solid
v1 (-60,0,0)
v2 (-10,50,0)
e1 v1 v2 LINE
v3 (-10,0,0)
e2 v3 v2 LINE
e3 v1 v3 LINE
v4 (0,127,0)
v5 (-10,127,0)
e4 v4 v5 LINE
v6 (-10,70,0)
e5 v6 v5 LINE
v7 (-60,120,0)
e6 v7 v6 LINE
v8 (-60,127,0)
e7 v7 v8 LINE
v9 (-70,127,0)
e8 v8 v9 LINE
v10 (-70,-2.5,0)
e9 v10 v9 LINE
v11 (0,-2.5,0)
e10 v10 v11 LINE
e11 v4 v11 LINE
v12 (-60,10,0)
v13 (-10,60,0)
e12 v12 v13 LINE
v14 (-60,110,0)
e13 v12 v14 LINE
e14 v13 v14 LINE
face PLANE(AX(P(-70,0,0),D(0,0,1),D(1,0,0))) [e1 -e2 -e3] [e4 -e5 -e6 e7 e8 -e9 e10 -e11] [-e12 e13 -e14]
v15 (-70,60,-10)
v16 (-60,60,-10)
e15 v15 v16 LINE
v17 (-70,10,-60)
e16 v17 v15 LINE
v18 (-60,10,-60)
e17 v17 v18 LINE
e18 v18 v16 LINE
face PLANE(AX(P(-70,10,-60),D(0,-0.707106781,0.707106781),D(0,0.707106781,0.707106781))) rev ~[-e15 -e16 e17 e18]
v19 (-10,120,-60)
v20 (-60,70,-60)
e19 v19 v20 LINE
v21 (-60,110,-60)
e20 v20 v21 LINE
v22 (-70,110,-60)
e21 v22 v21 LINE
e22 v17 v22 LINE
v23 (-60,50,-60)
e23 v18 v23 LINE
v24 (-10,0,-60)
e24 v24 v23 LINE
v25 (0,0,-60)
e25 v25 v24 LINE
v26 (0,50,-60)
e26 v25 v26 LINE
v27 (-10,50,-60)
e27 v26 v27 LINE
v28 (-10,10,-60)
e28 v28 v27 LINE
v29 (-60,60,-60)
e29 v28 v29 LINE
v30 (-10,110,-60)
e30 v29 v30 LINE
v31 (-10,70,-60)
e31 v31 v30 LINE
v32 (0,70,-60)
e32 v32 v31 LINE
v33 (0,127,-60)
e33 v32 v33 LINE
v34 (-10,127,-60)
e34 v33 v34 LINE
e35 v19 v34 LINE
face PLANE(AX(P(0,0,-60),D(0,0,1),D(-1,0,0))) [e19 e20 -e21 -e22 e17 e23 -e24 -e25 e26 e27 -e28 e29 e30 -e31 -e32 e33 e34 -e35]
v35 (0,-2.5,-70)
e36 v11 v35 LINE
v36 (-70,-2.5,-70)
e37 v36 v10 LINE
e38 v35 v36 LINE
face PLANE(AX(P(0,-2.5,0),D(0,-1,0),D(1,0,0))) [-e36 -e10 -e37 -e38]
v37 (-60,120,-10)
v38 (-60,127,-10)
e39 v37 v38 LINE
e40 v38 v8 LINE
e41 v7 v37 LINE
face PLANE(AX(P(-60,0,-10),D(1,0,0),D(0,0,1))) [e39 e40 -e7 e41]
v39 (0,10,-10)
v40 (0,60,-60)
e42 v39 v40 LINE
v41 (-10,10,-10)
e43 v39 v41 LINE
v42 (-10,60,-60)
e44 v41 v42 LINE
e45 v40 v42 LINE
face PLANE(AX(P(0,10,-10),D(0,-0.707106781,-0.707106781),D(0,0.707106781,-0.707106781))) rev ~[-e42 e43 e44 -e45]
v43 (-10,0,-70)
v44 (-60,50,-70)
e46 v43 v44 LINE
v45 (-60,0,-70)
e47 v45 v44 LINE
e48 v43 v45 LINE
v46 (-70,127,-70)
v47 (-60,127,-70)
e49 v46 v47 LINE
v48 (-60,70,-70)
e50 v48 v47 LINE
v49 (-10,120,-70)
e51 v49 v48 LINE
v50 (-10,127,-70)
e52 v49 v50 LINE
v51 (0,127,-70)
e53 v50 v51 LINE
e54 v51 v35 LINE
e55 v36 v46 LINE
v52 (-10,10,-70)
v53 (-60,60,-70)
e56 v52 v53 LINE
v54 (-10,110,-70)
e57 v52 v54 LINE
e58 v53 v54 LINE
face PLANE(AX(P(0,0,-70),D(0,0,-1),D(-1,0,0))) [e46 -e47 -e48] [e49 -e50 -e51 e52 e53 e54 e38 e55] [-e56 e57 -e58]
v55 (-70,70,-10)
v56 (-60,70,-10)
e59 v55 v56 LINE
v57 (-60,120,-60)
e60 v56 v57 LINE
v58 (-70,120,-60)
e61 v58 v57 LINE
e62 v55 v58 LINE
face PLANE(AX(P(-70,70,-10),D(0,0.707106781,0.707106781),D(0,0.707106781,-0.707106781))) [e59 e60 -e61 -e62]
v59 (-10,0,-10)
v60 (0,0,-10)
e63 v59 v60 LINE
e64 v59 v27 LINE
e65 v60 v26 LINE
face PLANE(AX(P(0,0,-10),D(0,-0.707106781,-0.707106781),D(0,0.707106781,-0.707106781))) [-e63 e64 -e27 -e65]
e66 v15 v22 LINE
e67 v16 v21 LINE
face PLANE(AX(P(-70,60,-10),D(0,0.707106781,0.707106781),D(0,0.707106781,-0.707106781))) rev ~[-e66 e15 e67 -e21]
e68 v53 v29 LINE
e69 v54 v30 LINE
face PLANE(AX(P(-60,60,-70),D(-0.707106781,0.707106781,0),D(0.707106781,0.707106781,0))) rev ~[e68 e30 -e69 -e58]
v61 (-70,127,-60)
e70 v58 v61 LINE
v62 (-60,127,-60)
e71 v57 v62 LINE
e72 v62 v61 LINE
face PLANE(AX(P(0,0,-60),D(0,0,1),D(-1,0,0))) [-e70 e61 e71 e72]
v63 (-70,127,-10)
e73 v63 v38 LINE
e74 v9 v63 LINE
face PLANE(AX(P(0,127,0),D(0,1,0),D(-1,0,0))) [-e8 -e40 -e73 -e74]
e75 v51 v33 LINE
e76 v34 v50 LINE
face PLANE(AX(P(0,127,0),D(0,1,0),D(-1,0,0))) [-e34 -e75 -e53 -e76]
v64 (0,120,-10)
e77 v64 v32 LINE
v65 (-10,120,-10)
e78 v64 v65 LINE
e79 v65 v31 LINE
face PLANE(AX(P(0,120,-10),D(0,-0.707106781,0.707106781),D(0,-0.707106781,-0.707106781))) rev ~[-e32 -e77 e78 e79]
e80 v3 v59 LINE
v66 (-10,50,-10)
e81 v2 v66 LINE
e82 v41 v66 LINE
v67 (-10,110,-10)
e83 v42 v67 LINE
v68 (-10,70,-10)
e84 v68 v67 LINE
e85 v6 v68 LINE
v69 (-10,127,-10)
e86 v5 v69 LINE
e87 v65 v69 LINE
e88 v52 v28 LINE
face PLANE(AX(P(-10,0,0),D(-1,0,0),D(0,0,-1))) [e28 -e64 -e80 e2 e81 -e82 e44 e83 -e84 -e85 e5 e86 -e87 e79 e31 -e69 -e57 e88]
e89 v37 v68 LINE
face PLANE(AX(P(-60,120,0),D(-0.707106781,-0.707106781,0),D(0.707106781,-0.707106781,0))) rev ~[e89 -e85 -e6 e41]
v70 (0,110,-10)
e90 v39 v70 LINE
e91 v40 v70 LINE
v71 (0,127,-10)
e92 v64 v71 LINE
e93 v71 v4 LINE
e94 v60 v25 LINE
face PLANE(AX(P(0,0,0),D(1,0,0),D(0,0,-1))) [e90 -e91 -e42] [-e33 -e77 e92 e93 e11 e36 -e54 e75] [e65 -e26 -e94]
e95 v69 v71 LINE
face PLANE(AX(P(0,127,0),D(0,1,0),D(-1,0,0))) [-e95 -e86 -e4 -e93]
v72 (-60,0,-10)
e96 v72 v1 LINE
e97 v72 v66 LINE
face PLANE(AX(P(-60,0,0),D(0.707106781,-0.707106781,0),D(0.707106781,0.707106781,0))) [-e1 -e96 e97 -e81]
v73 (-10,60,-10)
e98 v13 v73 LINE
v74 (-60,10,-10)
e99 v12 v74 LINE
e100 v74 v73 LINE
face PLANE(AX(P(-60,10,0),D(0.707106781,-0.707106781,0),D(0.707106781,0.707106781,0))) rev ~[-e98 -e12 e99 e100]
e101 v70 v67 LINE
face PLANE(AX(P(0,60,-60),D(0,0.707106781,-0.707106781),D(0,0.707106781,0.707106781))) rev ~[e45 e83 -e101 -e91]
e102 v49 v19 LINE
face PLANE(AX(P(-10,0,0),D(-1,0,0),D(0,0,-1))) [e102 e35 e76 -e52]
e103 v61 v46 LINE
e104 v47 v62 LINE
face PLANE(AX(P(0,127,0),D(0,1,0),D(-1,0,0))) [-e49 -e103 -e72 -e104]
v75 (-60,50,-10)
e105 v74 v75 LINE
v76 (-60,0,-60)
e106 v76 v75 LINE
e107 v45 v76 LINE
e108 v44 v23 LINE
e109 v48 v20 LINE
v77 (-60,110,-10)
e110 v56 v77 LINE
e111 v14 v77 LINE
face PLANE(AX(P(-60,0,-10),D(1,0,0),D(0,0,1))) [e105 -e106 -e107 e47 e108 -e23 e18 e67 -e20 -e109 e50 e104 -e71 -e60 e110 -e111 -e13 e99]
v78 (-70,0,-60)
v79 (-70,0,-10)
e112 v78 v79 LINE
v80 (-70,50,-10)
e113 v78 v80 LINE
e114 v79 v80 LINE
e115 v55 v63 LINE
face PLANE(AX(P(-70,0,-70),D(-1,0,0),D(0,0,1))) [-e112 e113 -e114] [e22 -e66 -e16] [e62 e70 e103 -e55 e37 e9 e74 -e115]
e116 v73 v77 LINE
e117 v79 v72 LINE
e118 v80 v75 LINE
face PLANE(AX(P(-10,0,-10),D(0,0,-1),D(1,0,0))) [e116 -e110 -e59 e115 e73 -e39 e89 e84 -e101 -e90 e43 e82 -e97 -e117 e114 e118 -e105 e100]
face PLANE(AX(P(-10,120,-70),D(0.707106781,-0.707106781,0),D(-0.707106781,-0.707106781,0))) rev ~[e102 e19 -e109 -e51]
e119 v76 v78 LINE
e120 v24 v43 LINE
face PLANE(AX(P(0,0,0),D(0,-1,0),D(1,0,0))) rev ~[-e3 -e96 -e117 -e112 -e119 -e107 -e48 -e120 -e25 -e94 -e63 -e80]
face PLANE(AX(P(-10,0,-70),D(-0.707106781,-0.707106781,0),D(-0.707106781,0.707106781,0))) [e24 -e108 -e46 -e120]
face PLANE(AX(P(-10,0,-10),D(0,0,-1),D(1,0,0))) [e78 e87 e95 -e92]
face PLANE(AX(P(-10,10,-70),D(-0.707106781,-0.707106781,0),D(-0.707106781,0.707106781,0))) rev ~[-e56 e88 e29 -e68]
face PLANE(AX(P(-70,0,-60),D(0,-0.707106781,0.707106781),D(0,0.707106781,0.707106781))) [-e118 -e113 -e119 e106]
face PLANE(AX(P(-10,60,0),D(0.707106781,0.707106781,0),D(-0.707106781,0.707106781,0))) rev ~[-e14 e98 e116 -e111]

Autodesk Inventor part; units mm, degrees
ref_plane "YZ Plane" through (0, 0, 0) normal (1, 0, 0) x (0, 1, 0)
ref_plane "XZ Plane" through (0, 0, 0) normal (0, 1, 0) x (-1, 0, 0)
ref_plane "XY Plane" through (0, 0, 0) normal (0, 0, 1) x (1, 0, 0)
sketch "Sketch1" plane through (0, 0, 0) normal (0, 1, 0) x (-1, 0, 0)
  line L0 (0, 0) -> (10, 0)
  line L1 (10, 0) -> (10, -10)
  line L2 (10, -10) -> (0, -10)
  line L3 (0, -10) -> (0, 0)
  line L4 (70, -10) -> (60, -10)
  line L5 (60, -10) -> (60, 0)
  line L6 (60, 0) -> (70, 0)
  line L7 (70, 0) -> (70, -10)
  line L8 (70, -70) -> (60, -70)
  line L9 (60, -70) -> (60, -60)
  line L10 (60, -60) -> (70, -60)
  line L11 (70, -60) -> (70, -70)
  line L12 (10, -70) -> (0, -70)
  line L13 (0, -70) -> (0, -60)
  line L14 (0, -60) -> (10, -60)
  line L15 (10, -60) -> (10, -70)
  dimension "d0" = 10
  dimension "d1" = 10
  dimension "d2" = 10
  dimension "d3" = 10
  dimension "d4" = 10
  dimension "d5" = 10
  dimension "d6" = 10
  dimension "d7" = 10
  dimension "d8" = 50
  dimension "d9" = 50
extrude "Extrusion1" add sketch "Sketch1" along normal blind 127
sketch "Sketch2" plane through (-70, 0, 0) normal (0, 0, 1) x (1, 0, 0)
  line L0 (10, 0) -> (10, 127) construction
  line L1 (10, 0) -> (60, 50)
  line L2 (60, 0) -> (60, 127) construction
  line L3 (10, 0) -> (80.7107, 0) construction
  line L4 (10, 10) -> (60, 60)
  line L5 (60, 60) -> (10, 110)
  line L6 (60, 60) -> (130.7107, 60) construction
  line L7 (10, 120) -> (60, 70)
  line L8 (60, 70) -> (60, 50)
  line L9 (10, 120) -> (10, 110)
  line L10 (10, 0) -> (10, 10)
  point P0 (70, 0)
  dimension "d12" = 45
  dimension "d14" = 10
  dimension "d15" = 135
  dimension "d16" = 10
  dimension "d17" = 10
extrude "Extrusion2" add sketch "Sketch2" against normal blind 10
sketch "Sketch3" plane through (0, 0, 0) normal (1, 0, 0) x (0, 0, -1)
  line L0 (10, 0) -> (10, 127) construction
  line L1 (10, 0) -> (60, 50)
  line L2 (10, 0) -> (70, 0) construction
  line L3 (60, 0) -> (60, 127) construction
  line L4 (60, 0) -> (70, 0) construction
  line L5 (60, 127) -> (60, 0)
  line L6 (10, 10) -> (60, 60)
  line L7 (10, 0) -> (10, 127)
  line L8 (60, 60) -> (10, 110)
  line L9 (60, 60) -> (70, 60) construction
  line L10 (10, 120) -> (60, 70)
  dimension "d20" = 45
  dimension "d21" = 10
  dimension "d22" = 135
  dimension "d23" = 10
extrude "Extrusion3" add sketch "Sketch3" against normal blind 10 contours L7 L6 L5 L1 | L8 L7 L10 L5
sketch "Sketch4" plane through (0, 0, -70) normal (0, 0, -1) x (-1, 0, 0)
  line L0 (10, 0) -> (10, 127) construction
  line L1 (10, 0) -> (60, 50)
  line L2 (60, 10) -> (60, 110) construction
  line L3 (10, 0) -> (80.7107, 0) construction
  line L4 (10, 10) -> (60, 60)
  line L5 (60, 120) -> (60, 127) construction
  line L6 (60, 127) -> (60, 0)
  line L7 (10, 0) -> (10, 127)
  line L8 (60, 60) -> (10, 110)
  line L9 (60, 60) -> (70, 60) construction
  line L10 (10, 120) -> (60, 70)
  point P0 (70, 0)
  point P1 (60, 60)
  point P2 (60, 60)
  point P3 (60, 50)
  dimension "d26" = 45
  dimension "d27" = 10
  dimension "d28" = 135
  dimension "d29" = 10
extrude "Extrusion4" add sketch "Sketch4" against normal blind 10 contours L7 L4 L6 L1 | L8 L7 L10 L6
sketch "Sketch5" plane through (-70, 0, -70) normal (-1, 0, 0) x (0, 0, 1)
  line L0 (10, 0) -> (10, 127) construction
  line L1 (60, 10) -> (60, 50) construction
  line L2 (10, 0) -> (60, 50)
  line L3 (10, 0) -> (80.7107, 0) construction
  line L4 (10, 127) -> (10, 0)
  line L5 (60, 127) -> (60, 0)
  line L6 (10, 10) -> (60, 60)
  line L7 (60, 60) -> (10, 110)
  line L8 (60, 60) -> (70, 60) construction
  line L9 (60, 70) -> (10, 120)
  line L10 (10, 70) -> (60, 120) construction
  point P0 (70, 0)
  dimension "d32" = 45
  dimension "d33" = 135
  dimension "d34" = 10
  dimension "d35" = 10
extrude "Extrusion5" add sketch "Sketch5" against normal blind 10 contours L4 L6 L5 L2 | L7 L4 L9 L5
sketch "Sketch6" plane through (0, 0, 0) normal (0, -1, 0) x (1, 0, 0)
  line L0 (-70, -10) -> (-70, 0) construction
  line L1 (0, -70) -> (-70, -70)
  line L2 (-70, -70) -> (-70, 0)
  line L3 (-70, 0) -> (0, 0)
  line L4 (0, 0) -> (0, -70)
  point P0 (0, 0)
extrude "Extrusion6" add sketch "Sketch6" along normal blind 2.5
properties part number "TRUSSTEST"
